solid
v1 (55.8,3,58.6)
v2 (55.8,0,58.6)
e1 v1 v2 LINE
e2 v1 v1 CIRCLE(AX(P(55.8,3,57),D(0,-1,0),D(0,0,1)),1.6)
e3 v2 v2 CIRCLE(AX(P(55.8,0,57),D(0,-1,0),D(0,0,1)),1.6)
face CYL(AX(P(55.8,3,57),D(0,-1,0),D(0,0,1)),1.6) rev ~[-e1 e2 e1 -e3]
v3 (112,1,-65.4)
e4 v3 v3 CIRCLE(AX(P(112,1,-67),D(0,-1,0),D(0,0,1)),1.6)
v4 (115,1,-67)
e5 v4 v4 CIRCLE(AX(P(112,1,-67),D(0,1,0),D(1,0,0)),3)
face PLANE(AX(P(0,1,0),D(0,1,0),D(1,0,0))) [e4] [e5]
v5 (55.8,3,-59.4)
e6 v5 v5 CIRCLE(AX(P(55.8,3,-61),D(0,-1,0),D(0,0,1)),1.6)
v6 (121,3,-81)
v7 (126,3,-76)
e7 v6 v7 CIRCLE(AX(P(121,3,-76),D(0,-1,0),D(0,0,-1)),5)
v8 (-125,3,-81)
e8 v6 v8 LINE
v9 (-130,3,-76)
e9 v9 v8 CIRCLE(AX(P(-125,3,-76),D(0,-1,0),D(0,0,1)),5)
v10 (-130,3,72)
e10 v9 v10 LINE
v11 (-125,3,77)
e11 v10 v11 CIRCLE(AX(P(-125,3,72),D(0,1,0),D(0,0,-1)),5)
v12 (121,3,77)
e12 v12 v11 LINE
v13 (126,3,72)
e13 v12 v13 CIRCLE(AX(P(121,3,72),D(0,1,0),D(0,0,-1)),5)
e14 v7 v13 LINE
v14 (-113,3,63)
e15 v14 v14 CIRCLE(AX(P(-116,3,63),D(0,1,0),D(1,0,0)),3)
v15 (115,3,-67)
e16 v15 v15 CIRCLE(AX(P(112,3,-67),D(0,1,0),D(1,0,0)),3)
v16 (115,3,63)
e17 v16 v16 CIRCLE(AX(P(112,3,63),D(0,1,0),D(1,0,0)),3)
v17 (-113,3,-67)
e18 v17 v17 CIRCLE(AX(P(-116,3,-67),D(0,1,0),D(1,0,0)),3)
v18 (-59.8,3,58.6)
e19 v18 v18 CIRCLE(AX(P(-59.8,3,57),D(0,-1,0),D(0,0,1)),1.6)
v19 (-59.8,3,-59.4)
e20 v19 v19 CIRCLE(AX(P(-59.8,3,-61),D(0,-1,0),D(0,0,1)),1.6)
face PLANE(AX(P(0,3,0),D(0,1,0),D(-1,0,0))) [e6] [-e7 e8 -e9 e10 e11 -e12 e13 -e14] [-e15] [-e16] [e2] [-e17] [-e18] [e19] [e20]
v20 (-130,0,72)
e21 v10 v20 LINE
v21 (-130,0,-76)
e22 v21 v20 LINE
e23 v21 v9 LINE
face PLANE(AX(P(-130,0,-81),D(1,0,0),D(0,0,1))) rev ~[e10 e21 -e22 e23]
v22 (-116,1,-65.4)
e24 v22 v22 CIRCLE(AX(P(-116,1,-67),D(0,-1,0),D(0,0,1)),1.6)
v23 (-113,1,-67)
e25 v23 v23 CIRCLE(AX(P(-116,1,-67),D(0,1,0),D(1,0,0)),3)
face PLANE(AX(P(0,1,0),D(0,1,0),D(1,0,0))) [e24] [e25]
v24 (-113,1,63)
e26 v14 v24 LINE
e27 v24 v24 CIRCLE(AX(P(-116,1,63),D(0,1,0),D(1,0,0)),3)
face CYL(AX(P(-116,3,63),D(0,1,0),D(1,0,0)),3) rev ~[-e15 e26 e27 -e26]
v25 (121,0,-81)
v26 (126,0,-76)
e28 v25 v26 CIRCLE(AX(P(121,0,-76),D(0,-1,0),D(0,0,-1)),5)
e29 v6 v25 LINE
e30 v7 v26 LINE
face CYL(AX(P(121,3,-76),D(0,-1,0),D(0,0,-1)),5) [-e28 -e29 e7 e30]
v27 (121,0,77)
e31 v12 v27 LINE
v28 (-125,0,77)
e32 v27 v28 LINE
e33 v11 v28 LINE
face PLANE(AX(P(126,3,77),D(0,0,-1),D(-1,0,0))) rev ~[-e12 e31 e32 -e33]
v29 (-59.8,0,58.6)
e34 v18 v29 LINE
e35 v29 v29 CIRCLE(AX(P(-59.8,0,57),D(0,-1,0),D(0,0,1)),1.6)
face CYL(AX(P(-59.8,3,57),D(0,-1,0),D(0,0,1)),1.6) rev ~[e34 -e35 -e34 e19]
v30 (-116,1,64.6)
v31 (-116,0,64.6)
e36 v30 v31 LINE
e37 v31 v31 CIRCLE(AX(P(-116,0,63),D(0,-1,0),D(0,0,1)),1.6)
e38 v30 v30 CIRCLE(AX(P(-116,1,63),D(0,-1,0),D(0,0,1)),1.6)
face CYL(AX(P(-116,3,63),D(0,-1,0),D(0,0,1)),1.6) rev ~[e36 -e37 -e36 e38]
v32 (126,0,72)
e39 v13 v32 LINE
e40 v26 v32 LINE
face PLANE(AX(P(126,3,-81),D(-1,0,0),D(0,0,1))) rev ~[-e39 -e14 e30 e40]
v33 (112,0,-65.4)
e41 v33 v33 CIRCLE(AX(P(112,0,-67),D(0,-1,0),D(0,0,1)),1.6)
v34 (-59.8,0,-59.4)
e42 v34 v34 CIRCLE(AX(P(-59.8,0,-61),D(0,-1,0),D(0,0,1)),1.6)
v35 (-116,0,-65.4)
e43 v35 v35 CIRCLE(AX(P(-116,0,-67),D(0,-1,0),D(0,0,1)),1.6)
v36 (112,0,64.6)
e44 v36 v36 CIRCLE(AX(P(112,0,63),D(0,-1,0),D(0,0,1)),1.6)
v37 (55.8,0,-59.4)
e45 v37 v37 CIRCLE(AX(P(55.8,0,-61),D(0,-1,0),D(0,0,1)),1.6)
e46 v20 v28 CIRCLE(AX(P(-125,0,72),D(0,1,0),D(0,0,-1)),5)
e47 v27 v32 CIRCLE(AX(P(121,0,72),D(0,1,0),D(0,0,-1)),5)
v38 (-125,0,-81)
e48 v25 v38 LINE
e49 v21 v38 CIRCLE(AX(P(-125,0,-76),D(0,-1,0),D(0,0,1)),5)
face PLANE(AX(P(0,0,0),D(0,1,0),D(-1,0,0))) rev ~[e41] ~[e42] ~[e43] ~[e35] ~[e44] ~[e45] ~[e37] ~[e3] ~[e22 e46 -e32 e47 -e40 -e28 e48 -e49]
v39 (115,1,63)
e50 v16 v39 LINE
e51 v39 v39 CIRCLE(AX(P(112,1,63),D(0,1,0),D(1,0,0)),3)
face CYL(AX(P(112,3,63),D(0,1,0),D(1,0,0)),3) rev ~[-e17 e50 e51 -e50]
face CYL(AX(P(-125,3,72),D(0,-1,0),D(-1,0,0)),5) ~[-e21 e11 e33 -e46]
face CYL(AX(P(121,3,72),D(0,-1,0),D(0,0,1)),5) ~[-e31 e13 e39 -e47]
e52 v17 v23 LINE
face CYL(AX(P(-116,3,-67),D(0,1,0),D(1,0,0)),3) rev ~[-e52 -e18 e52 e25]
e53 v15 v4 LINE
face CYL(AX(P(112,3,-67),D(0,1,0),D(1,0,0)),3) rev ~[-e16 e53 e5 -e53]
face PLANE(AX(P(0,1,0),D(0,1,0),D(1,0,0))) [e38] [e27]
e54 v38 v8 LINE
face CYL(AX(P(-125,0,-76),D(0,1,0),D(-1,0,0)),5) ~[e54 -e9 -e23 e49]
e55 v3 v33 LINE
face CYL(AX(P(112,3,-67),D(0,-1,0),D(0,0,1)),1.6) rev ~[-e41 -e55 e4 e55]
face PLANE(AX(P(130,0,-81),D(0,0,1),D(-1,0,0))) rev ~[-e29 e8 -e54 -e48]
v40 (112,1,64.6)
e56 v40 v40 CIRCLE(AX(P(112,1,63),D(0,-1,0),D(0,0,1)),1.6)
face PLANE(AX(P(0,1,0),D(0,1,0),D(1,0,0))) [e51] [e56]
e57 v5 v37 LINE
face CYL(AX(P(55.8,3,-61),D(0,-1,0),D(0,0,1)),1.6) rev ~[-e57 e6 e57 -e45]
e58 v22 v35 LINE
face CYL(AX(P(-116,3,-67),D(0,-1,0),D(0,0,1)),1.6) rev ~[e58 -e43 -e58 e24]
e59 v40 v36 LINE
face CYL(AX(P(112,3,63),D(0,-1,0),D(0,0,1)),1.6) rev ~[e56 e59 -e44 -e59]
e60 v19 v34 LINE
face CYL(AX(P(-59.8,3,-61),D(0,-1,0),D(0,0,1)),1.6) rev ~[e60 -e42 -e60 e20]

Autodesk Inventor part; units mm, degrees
ref_plane "YZ Plane" through (0, 0, 0) normal (1, 0, 0) x (0, 1, 0)
ref_plane "XZ Plane" through (0, 0, 0) normal (0, 1, 0) x (-1, 0, 0)
ref_plane "XY Plane" through (0, 0, 0) normal (0, 0, 1) x (1, 0, 0)
sketch "スケッチ1" plane through (0, 0, 0) normal (0, 1, 0) x (-1, 0, 0)
  line L0 (130, 81) -> (-130, 81)
  line L1 (-130, 81) -> (-130, -81)
  line L2 (-130, -81) -> (130, -81)
  line L3 (130, -81) -> (130, 81)
  line L4 (130, 81) -> (-130, -81) construction
  line L5 (-130, 81) -> (130, -81) construction
  point P0 (0, 0)
  dimension "d0" = 260
  dimension "d1" = 162
extrude "押し出し1" add sketch "スケッチ1" along normal blind 3
sketch "スケッチ7" plane through (0, 3, 0) normal (0, 1, 0) x (1, 0, 0)
  line L0 (-130, 81) -> (-130, -81) projected
  line L1 (130, -81) -> (130, 81) projected
  line L2 (130, 81) -> (-130, 81) projected
  point P0 (0, 0)
  point P1 (-116, 67)
  point P2 (112, 67)
  point P3 (112, -63)
  point P4 (-116, -63)
  dimension "d23" = 14
  dimension "d25" = 130
  dimension "d26" = 130
  dimension "d27" = 14
  dimension "d29" = 14
  dimension "d38" = 228
  dimension "d39" = 228
  dimension "d40" = 14
hole "穴1" at (-116, 3, -67) at (112, 3, -67) at (112, 3, 63) at (-116, 3, 63) direction (0, -1, 0) diameter 3.2 depth 8
sketch "スケッチ8" plane through (0, 3, 0) normal (0, 1, 0) x (1, 0, 0)
  line L0 (130, 81) -> (-130, 81) projected
  line L1 (-130, 81) -> (126, 81)
  line L2 (126, 81) -> (126, -77)
  line L3 (126, -77) -> (-130, -77)
  line L4 (-130, -77) -> (-130, 81)
  circle A0 centre (-116, 67) radius 1.6 projected
  circle A1 centre (112, 67) radius 1.6 projected
  circle A2 centre (-116, -63) radius 1.6 projected
  circle A3 centre (-116, -63) radius 1.6 projected
  circle A4 centre (112, -63) radius 1.6 projected
  circle A5 centre (112, 67) radius 1.6 projected
  circle A6 centre (-116, 67) radius 1.6 projected
  line L5 (130, -81) -> (130, 81) projected
  line L6 (130, 81) -> (-130, 81) projected
  line L7 (-130, 81) -> (-130, -81) projected
  line L8 (-130, -81) -> (130, -81) projected
  point P0 (0, 0)
  dimension "d41" = 14
  dimension "d42" = 14
  dimension "d43" = 14
extrude "押し出し4" cut sketch "スケッチ8" against normal blind 10 contours L5 L8 L7 L3 L2 L0
fillet "フィレット1" radius 5 4 edges at (-130, 1.5, -81) (-130, 1.5, 77) (126, 1.5, -81) (126, 1.5, 77)
sketch "スケッチ9" plane through (0, 3, 0) normal (0, 1, 0) x (1, 0, 0)
  arc A0 (121, -77) -> (126, -72) centre (121, -72) ccw projected
  line L0 (126, -72) -> (126, 76) projected
  arc A1 (126, 76) -> (121, 81) centre (121, 76) ccw projected
  line L1 (121, 81) -> (-125, 81) projected
  arc A2 (-125, 81) -> (-130, 76) centre (-125, 76) ccw projected
  line L2 (-130, 76) -> (-130, -72) projected
  arc A3 (-130, -72) -> (-125, -77) centre (-125, -72) ccw projected
  line L3 (-125, -77) -> (121, -77) projected
  circle A4 centre (-116, 67) radius 1.6 projected
  circle A5 centre (112, 67) radius 1.6 projected
  circle A6 centre (112, -63) radius 1.6 projected
  circle A7 centre (-116, -63) radius 1.6 projected
  circle A8 centre (-116, 67) radius 3
  circle A9 centre (-116, -63) radius 3
  circle A10 centre (112, -63) radius 3
  circle A11 centre (112, 67) radius 3
  point P0 (0, 0)
  dimension "d47" = 6
  dimension "d48" = 6
  dimension "d49" = 6
  dimension "d50" = 6
extrude "押し出し5" cut sketch "スケッチ9" against normal blind 2 contours A4 | A5 | A6 | A7 | A8 | A9 | A10 | A11
sketch "スケッチ10" plane through (0, 3, 0) normal (0, 1, 0) x (1, 0, 0)
  line L0 (121, 81) -> (-125, 81) projected
  line L1 (121, -77) -> (-125, -77) projected
  line L2 (-90, 81) -> (-69.8, 81)
  line L3 (-69.8, 81) -> (-69.8, -77)
  line L4 (-69.8, -77) -> (-90, -77)
  line L5 (-90, -77) -> (-90, 81)
  line L6 (86, 81) -> (65.8, 81)
  line L7 (65.8, 81) -> (65.8, -77)
  line L8 (65.8, -77) -> (86, -77)
  line L9 (86, -77) -> (86, 81)
  line L10 (-69.8, 81) -> (-49.6, 81)
  line L11 (-49.6, 81) -> (-49.6, -77)
  line L12 (-49.6, -77) -> (-69.8, -77)
  line L13 (-69.8, -77) -> (-69.8, 81)
  line L14 (65.8, 81) -> (45.6, 81)
  line L15 (45.6, 81) -> (45.6, -77)
  line L16 (45.6, -77) -> (65.8, -77)
  line L17 (65.8, -77) -> (65.8, 81)
  line L18 (45.6, -77) -> (25.4, -77)
  line L19 (25.4, -77) -> (25.4, 81)
  line L20 (25.4, 81) -> (45.6, 81)
  line L21 (45.6, 81) -> (45.6, -77)
  line L22 (-49.6, 81) -> (-29.4, 81)
  line L23 (-29.4, 81) -> (-29.4, -77)
  line L24 (-29.4, -77) -> (-49.6, -77)
  line L25 (-49.6, -77) -> (-49.6, 81)
  line L26 (-130, 76) -> (-130, -72) projected
  line L27 (126, -72) -> (126, 76) projected
  line L28 (-69.7, 81) -> (-49.7, 81)
  line L29 (-49.7, 81) -> (-49.7, -77)
  line L30 (-49.7, -77) -> (-69.7, -77)
  line L31 (-69.7, -77) -> (-69.7, 81)
  line L32 (0, 0) -> (0, 23.1289)
  line L33 (-69.9, 81) -> (-87.9535, 81)
  line L34 (-87.9535, 81) -> (-87.9535, -77)
  line L35 (-87.9535, -77) -> (-69.9, -77)
  line L36 (-69.9, -77) -> (-69.9, 81)
  point P0 (-59.8, 61)
  point P1 (-59.8, -57)
  point P2 (55.8, 61)
  point P3 (55.8, -57)
  dimension "d53" = 20.2
  dimension "d54" = 20.2
  dimension "d55" = 20.2
  dimension "d56" = 20.2
  dimension "d57" = 20.2
  dimension "d58" = 20.2
  dimension "d59" = 40
  dimension "d60" = 40
  dimension "d61" = 0.1
  dimension "d62" = 0.1
  dimension "d63" = 20
  dimension "d64" = 20
  dimension "d66" = 256
  dimension "d67" = 158
  dimension "d68" = 0.2
  dimension "d69" = 20
  dimension "d70" = 118
  dimension "d71" = 70.2
  dimension "d72" = 70.2
  dimension "d80" = 70.2
  dimension "d81" = 70.2
  dimension "d14" = 30
  dimension "d15" = 30
  dimension "d16" = 30
  dimension "d17" = 30
hole "穴2" at (-59.8, 3, -61) at (-59.8, 3, 57) at (55.8, 3, -61) at (55.8, 3, 57) direction (0, -1, 0) diameter 3.2 depth 8
equation "\"d26\" = d25"
equation "\"d27\" = d23"
equation "\"d39\" = d38"
equation "\"d42\" = d41"
equation "\"d43\" = d41"
equation "\"d48\" = d47"
equation "\"d49\" = d47"
equation "\"d50\" = d47"
equation "\"d54\" = d53"
equation "\"d55\" = d53"
equation "\"d56\" = d54"
equation "\"d57\" = d56"
equation "\"d58\" = d57"
equation "\"d62\" = d61"
equation "\"d64\" = d63"
equation "\"d71\" = d72"
equation "\"d81\" = d80"
properties part number "BP_BOX-Above" material "アセタール樹脂、白"
